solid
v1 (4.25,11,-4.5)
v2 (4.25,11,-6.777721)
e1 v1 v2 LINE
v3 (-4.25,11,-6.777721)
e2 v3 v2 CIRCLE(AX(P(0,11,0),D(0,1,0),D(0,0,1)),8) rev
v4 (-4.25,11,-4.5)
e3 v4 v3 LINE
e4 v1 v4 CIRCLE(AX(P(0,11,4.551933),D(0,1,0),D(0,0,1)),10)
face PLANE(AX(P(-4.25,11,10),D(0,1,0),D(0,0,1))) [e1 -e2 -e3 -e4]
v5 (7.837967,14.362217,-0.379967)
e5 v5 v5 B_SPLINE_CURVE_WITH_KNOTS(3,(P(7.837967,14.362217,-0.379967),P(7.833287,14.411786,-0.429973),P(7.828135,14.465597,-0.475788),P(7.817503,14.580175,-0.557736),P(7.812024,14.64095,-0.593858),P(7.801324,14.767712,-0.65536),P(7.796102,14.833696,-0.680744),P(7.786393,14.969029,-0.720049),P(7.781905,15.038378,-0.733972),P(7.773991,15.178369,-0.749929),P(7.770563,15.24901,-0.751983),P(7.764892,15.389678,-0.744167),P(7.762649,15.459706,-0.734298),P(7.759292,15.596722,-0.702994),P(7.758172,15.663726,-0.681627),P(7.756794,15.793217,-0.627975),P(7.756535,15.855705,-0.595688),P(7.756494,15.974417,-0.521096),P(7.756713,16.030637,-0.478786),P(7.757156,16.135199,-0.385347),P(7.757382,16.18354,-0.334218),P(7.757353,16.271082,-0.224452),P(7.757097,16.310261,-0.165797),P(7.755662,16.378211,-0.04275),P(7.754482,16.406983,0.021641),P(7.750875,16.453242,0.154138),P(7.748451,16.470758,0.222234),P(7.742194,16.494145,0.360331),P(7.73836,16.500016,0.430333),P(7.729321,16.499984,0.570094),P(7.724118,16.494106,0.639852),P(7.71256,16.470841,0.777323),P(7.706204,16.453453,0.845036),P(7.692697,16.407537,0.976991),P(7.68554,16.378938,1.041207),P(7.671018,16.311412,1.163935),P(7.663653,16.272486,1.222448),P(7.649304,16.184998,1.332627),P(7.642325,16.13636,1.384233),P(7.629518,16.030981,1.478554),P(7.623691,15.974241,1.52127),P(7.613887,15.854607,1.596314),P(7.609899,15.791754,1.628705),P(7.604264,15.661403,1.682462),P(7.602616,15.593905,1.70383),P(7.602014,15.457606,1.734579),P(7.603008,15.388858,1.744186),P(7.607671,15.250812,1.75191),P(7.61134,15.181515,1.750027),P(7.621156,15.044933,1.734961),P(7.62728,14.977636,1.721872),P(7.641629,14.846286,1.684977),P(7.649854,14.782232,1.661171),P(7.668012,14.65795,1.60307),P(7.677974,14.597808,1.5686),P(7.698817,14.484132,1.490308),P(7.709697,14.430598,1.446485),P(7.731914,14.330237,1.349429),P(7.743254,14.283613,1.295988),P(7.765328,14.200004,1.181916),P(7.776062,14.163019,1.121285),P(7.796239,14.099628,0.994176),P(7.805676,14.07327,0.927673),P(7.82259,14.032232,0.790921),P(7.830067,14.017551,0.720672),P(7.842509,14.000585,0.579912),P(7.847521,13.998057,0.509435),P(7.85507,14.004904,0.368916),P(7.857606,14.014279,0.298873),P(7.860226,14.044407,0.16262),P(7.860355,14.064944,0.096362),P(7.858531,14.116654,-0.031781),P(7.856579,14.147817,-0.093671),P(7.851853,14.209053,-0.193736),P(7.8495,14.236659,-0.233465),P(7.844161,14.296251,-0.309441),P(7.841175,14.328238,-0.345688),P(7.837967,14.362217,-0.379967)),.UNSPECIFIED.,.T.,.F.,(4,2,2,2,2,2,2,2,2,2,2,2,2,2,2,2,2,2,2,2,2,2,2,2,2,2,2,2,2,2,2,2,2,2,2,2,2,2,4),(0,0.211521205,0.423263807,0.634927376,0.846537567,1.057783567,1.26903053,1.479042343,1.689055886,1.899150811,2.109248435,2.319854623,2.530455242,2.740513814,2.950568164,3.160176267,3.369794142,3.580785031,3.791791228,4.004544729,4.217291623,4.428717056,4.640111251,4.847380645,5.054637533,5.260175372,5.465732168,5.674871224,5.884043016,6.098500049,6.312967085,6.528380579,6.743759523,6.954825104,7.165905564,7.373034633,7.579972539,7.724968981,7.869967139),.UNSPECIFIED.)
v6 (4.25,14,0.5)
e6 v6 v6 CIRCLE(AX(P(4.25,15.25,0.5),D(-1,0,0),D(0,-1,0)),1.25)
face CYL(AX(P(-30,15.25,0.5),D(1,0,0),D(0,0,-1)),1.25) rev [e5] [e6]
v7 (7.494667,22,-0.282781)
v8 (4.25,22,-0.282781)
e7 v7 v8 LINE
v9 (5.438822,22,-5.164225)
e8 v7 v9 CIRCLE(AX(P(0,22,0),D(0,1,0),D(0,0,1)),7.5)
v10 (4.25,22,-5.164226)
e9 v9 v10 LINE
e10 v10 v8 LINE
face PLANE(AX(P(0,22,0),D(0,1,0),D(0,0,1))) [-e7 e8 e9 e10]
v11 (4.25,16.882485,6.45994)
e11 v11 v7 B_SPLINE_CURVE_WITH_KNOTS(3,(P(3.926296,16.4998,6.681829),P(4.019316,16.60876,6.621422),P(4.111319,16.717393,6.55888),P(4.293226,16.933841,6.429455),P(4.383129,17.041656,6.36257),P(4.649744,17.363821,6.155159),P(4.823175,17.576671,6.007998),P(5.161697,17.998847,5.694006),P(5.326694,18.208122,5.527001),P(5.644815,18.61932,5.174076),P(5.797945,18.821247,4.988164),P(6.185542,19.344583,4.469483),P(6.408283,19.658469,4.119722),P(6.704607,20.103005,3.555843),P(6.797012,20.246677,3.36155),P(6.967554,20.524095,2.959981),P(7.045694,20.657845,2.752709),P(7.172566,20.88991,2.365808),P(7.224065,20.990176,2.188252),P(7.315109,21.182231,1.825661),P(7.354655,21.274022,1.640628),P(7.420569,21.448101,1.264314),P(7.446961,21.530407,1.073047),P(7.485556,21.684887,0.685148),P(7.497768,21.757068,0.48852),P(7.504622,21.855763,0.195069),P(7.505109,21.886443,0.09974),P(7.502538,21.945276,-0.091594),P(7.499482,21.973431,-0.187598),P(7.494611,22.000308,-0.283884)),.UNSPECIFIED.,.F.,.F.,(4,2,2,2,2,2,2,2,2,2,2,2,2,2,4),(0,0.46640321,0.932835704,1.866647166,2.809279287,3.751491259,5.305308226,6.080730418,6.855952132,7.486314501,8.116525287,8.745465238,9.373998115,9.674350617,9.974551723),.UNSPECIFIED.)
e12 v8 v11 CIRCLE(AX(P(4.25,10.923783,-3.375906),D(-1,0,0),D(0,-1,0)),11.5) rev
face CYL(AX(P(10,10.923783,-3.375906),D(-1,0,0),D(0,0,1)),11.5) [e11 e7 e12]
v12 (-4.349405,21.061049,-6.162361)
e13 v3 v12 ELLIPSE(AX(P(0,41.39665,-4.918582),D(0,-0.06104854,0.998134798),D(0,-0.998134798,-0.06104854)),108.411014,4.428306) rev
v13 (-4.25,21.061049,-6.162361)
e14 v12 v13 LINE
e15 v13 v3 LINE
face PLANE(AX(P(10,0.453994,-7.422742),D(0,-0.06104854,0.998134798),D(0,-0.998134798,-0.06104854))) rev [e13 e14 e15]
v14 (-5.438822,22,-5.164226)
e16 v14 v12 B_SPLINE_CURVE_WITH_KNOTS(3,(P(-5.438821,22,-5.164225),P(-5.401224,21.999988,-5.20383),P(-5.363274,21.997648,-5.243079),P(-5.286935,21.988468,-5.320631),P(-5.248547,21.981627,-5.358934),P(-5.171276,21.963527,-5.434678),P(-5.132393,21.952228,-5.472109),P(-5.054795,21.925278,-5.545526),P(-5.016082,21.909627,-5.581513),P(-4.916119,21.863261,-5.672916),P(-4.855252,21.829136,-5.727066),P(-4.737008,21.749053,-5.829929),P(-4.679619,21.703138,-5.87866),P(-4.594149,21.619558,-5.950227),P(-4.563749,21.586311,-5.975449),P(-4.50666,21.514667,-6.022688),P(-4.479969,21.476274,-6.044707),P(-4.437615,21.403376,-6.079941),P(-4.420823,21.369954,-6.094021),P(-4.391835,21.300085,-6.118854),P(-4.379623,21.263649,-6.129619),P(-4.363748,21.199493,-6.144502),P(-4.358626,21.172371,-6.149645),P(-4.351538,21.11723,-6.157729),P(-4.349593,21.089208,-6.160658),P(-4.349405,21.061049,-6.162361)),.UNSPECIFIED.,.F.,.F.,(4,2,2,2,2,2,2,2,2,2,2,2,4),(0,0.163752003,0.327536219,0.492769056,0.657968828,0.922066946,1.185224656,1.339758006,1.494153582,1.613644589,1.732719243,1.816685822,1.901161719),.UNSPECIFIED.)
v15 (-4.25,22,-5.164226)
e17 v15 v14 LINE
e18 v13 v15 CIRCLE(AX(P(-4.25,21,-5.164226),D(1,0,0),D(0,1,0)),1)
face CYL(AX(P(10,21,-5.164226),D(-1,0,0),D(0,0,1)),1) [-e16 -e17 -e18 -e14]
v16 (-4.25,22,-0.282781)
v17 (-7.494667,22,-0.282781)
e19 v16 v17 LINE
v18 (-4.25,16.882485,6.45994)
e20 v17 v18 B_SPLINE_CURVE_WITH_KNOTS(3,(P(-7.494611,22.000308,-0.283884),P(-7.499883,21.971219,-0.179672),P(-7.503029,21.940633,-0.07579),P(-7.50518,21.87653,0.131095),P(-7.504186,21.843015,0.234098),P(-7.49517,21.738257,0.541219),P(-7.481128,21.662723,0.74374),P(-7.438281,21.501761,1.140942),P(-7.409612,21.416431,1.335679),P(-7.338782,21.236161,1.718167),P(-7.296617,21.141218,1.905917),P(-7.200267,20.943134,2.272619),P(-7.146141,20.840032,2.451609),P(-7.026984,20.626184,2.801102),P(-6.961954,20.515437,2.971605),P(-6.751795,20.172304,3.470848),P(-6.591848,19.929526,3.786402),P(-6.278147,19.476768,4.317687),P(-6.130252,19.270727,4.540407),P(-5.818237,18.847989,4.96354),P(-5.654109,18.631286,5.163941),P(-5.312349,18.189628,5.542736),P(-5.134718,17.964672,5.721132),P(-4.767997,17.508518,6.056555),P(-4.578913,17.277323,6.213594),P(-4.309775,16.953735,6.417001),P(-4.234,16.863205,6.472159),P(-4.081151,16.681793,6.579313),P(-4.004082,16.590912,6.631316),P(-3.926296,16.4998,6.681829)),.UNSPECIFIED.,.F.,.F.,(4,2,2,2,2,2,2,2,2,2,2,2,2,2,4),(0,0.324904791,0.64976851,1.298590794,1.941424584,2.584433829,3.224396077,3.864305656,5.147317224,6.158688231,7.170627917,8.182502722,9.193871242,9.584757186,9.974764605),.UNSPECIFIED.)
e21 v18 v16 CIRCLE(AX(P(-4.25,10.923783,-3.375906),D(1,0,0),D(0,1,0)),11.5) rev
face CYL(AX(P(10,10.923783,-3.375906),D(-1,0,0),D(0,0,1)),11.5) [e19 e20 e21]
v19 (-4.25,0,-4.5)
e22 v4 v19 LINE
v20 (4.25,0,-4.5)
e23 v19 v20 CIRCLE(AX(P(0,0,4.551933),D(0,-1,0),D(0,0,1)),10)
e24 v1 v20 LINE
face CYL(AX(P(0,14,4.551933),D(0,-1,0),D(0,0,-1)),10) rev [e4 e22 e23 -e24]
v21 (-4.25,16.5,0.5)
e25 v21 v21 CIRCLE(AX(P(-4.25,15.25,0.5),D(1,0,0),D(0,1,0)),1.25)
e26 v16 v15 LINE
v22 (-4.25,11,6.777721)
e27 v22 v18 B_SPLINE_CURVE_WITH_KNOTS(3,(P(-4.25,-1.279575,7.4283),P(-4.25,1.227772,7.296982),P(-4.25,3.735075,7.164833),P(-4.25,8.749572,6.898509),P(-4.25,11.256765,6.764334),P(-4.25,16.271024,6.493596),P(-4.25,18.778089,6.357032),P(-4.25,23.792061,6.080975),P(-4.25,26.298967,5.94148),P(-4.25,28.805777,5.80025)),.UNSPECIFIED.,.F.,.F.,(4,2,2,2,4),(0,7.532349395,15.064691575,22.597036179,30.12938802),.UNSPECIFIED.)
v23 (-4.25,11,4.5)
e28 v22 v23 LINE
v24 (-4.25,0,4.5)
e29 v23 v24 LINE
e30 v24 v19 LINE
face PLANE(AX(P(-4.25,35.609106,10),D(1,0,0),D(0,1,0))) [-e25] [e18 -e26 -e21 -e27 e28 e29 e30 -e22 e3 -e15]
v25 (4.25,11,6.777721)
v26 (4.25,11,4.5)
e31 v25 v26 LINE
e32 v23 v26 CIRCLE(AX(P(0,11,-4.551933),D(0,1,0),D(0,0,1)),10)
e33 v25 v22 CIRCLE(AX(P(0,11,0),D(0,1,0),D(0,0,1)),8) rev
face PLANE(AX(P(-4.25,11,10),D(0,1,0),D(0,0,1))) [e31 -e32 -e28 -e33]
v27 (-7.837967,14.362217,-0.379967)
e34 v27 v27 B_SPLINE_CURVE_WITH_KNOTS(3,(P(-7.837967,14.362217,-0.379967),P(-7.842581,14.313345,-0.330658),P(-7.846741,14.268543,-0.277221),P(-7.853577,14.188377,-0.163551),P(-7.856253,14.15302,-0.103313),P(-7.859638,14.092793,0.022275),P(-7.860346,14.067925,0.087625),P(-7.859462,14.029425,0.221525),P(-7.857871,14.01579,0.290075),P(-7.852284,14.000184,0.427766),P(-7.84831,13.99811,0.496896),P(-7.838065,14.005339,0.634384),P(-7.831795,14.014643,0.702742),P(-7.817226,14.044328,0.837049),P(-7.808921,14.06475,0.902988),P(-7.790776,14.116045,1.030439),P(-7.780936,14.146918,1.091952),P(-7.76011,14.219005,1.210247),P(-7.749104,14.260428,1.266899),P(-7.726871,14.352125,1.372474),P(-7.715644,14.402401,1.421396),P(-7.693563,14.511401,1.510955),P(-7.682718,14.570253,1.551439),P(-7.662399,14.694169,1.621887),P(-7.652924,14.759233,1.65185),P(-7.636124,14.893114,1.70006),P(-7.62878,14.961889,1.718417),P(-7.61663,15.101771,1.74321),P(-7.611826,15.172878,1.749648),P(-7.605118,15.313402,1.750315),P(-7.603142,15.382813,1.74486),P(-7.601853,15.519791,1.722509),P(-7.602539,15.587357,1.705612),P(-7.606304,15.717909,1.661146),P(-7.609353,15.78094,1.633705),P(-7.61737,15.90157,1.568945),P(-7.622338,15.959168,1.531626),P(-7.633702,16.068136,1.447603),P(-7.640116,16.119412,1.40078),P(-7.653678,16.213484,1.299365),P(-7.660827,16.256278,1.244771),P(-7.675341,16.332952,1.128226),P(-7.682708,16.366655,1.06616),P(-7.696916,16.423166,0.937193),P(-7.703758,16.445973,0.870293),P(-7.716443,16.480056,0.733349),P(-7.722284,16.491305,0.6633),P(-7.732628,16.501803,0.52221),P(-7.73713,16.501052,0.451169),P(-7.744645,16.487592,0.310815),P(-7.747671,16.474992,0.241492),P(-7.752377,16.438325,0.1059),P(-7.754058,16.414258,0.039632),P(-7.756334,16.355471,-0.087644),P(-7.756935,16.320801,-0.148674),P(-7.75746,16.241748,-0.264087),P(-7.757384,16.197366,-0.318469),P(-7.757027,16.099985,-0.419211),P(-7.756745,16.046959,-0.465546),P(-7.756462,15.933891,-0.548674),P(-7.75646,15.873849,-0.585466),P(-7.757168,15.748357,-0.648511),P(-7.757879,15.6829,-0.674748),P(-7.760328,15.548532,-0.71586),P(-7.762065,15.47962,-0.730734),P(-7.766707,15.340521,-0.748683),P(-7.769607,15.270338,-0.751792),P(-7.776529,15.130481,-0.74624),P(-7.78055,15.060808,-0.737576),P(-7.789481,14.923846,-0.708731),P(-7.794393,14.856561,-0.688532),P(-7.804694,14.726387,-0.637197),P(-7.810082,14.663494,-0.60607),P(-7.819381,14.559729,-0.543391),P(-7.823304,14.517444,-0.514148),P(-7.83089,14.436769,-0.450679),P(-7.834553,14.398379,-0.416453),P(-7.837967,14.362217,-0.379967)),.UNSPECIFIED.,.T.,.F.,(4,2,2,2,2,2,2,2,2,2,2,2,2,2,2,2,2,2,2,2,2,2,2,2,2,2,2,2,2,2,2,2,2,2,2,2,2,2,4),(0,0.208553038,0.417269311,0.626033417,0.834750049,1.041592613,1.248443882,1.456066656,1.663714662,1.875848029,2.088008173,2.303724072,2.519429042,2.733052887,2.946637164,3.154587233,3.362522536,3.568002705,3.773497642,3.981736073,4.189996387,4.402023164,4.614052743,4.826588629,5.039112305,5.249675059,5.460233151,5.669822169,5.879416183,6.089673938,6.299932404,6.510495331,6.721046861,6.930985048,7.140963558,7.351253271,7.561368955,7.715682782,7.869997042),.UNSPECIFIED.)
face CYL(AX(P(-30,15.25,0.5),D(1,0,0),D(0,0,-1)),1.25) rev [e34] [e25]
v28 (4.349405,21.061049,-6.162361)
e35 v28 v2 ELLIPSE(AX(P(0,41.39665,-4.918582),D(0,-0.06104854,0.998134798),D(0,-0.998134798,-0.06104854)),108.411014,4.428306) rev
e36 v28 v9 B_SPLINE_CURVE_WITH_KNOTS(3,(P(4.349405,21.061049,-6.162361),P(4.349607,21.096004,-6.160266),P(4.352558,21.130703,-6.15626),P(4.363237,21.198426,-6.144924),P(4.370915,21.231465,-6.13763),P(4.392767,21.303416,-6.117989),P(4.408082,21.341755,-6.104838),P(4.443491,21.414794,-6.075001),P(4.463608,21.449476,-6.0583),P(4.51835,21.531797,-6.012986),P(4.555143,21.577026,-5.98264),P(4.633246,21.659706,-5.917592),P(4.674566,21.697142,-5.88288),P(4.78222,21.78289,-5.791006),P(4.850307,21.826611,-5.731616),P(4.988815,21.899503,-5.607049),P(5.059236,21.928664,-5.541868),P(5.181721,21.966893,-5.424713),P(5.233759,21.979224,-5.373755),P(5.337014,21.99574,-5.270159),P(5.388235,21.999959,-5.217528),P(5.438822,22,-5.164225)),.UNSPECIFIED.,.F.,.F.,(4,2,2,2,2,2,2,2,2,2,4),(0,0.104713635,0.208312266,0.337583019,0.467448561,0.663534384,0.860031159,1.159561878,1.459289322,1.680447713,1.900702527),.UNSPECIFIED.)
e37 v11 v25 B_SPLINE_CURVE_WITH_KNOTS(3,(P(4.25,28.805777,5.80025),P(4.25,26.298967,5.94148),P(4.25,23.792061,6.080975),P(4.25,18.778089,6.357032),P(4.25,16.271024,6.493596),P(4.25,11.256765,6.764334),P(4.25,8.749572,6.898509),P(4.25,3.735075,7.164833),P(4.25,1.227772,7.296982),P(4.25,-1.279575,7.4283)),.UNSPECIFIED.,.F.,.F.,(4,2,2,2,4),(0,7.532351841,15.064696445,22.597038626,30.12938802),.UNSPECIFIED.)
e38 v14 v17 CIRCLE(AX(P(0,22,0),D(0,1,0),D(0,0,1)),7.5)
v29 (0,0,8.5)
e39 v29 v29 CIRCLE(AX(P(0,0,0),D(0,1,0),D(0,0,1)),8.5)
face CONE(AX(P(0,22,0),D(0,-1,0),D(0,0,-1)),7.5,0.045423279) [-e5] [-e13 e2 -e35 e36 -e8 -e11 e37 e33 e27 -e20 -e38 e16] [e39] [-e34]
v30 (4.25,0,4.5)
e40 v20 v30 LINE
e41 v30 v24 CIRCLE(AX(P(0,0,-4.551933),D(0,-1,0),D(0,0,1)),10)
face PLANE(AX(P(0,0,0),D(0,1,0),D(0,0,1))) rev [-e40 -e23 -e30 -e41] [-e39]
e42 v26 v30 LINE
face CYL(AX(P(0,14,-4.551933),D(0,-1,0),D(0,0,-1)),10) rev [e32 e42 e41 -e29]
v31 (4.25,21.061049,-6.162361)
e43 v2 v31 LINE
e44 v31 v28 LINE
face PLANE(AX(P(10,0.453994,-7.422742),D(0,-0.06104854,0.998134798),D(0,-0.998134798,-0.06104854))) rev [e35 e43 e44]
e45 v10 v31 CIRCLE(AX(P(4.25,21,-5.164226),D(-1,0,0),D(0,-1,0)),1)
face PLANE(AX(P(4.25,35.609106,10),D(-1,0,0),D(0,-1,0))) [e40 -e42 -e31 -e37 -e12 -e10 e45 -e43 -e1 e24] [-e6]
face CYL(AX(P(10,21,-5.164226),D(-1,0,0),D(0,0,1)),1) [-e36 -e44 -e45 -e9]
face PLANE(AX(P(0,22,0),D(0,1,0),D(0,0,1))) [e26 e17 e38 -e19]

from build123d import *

# Parameters (mm, degrees)
SKETCH2_R               = 7.5
SKETCH3_R               = 8.5
SKETCH9_W               = 8.5
SKETCH9_H               = 24.609106297
CUT_EXTRUDE1_DEPTH      = 10
CUT_EXTRUDE1_DEPTH_BACK = 10
CUT_EXTRUDE2_DEPTH      = 10
CUT_EXTRUDE2_DEPTH_BACK = 10
CUT_EXTRUDE3_DEPTH      = 14
FILLET1_R               = 1
SKETCH12_R              = 1.25
CUT_EXTRUDE4_DEPTH      = 30


with BuildPart() as part:
    # Sketch2 → Loft1 section 0
    with BuildSketch(Plane(origin=(0, 22, 0), x_dir=(1, 0, 0), z_dir=(0, 1, 0))):
        Circle(SKETCH2_R)
    # Sketch3 → Loft1 section 1
    with BuildSketch(Plane(origin=(0, 0, 0), x_dir=(1, 0, 0), z_dir=(0, 1, 0))):
        Circle(SKETCH3_R)
    loft()

    # Sketch9 → Cut-Extrude1 (cut, two sides)
    with BuildSketch(Plane.XY) as cut_extrude1_sk:
        with Locations((0, 23.304553149)):
            Rectangle(SKETCH9_W, SKETCH9_H)
    extrude(amount=CUT_EXTRUDE1_DEPTH, mode=Mode.SUBTRACT)
    extrude(cut_extrude1_sk.sketch, amount=-CUT_EXTRUDE1_DEPTH_BACK, mode=Mode.SUBTRACT)

    # Sketch10 → Cut-Extrude2 (cut, two sides)
    with BuildSketch(Plane(origin=(0, 0, 0), x_dir=(0, 0, -1), z_dir=(1, 0, 0))) as cut_extrude2_sk:
        with BuildLine():
            ThreePointArc((1.551397817, 22.278129211), (-3.230375863, 20.336914385), (-6.681717999, 16.5))
            Line((-6.681717999, 16.5), (-6.777720856, 11))
            Line((-6.777720856, 11), (-14.541953313, 11))
            Line((-14.541953313, 11), (-14.541953313, 25.761445422))
            Line((-14.541953313, 25.761445422), (14.965624753, 25.761445422))
            Line((14.965624753, 25.761445422), (14.965624753, 11))
            Line((14.965624753, 11), (6.777720856, 11))
            Line((6.777720856, 11), (6.043769414, 23))
            Line((6.043769414, 23), (1.551397817, 22.278129211))
        make_face()
    extrude(amount=CUT_EXTRUDE2_DEPTH, mode=Mode.SUBTRACT)
    extrude(cut_extrude2_sk.sketch, amount=-CUT_EXTRUDE2_DEPTH_BACK, mode=Mode.SUBTRACT)

    # Sketch11 → Cut-Extrude3 (cut)
    with BuildSketch(Plane(origin=(0, 0, 0), x_dir=(-1, 0, 0), z_dir=(0, -1, 0))):
        with BuildLine():
            Line((4.25, -4.5), (4.25, 4.5))
            ThreePointArc((4.25, 4.5), (0, 5.448066505), (-4.25, 4.5))
            Line((-4.25, 4.5), (-4.25, -4.5))
            ThreePointArc((-4.25, -4.5), (0, -5.448066505), (4.25, -4.5))
        make_face()
    extrude(amount=-CUT_EXTRUDE3_DEPTH, mode=Mode.SUBTRACT)

    # Fillet1
    fillet1_edges = [part.edges().sort_by_distance(p)[0] for p in [
        (4.303290893, 22, -6.104932034),
        (-4.303290893, 22, -6.104932034),
    ]]
    fillet(fillet1_edges, radius=FILLET1_R)

    # Sketch12 → Cut-Extrude4 (cut, symmetric)
    with BuildSketch(Plane(origin=(0, 0, 0), x_dir=(0, 0, -1), z_dir=(1, 0, 0))):
        with Locations((-0.5, 15.25)):
            Circle(SKETCH12_R)
    extrude(amount=CUT_EXTRUDE4_DEPTH, both=True, mode=Mode.SUBTRACT)


solid = part.part
